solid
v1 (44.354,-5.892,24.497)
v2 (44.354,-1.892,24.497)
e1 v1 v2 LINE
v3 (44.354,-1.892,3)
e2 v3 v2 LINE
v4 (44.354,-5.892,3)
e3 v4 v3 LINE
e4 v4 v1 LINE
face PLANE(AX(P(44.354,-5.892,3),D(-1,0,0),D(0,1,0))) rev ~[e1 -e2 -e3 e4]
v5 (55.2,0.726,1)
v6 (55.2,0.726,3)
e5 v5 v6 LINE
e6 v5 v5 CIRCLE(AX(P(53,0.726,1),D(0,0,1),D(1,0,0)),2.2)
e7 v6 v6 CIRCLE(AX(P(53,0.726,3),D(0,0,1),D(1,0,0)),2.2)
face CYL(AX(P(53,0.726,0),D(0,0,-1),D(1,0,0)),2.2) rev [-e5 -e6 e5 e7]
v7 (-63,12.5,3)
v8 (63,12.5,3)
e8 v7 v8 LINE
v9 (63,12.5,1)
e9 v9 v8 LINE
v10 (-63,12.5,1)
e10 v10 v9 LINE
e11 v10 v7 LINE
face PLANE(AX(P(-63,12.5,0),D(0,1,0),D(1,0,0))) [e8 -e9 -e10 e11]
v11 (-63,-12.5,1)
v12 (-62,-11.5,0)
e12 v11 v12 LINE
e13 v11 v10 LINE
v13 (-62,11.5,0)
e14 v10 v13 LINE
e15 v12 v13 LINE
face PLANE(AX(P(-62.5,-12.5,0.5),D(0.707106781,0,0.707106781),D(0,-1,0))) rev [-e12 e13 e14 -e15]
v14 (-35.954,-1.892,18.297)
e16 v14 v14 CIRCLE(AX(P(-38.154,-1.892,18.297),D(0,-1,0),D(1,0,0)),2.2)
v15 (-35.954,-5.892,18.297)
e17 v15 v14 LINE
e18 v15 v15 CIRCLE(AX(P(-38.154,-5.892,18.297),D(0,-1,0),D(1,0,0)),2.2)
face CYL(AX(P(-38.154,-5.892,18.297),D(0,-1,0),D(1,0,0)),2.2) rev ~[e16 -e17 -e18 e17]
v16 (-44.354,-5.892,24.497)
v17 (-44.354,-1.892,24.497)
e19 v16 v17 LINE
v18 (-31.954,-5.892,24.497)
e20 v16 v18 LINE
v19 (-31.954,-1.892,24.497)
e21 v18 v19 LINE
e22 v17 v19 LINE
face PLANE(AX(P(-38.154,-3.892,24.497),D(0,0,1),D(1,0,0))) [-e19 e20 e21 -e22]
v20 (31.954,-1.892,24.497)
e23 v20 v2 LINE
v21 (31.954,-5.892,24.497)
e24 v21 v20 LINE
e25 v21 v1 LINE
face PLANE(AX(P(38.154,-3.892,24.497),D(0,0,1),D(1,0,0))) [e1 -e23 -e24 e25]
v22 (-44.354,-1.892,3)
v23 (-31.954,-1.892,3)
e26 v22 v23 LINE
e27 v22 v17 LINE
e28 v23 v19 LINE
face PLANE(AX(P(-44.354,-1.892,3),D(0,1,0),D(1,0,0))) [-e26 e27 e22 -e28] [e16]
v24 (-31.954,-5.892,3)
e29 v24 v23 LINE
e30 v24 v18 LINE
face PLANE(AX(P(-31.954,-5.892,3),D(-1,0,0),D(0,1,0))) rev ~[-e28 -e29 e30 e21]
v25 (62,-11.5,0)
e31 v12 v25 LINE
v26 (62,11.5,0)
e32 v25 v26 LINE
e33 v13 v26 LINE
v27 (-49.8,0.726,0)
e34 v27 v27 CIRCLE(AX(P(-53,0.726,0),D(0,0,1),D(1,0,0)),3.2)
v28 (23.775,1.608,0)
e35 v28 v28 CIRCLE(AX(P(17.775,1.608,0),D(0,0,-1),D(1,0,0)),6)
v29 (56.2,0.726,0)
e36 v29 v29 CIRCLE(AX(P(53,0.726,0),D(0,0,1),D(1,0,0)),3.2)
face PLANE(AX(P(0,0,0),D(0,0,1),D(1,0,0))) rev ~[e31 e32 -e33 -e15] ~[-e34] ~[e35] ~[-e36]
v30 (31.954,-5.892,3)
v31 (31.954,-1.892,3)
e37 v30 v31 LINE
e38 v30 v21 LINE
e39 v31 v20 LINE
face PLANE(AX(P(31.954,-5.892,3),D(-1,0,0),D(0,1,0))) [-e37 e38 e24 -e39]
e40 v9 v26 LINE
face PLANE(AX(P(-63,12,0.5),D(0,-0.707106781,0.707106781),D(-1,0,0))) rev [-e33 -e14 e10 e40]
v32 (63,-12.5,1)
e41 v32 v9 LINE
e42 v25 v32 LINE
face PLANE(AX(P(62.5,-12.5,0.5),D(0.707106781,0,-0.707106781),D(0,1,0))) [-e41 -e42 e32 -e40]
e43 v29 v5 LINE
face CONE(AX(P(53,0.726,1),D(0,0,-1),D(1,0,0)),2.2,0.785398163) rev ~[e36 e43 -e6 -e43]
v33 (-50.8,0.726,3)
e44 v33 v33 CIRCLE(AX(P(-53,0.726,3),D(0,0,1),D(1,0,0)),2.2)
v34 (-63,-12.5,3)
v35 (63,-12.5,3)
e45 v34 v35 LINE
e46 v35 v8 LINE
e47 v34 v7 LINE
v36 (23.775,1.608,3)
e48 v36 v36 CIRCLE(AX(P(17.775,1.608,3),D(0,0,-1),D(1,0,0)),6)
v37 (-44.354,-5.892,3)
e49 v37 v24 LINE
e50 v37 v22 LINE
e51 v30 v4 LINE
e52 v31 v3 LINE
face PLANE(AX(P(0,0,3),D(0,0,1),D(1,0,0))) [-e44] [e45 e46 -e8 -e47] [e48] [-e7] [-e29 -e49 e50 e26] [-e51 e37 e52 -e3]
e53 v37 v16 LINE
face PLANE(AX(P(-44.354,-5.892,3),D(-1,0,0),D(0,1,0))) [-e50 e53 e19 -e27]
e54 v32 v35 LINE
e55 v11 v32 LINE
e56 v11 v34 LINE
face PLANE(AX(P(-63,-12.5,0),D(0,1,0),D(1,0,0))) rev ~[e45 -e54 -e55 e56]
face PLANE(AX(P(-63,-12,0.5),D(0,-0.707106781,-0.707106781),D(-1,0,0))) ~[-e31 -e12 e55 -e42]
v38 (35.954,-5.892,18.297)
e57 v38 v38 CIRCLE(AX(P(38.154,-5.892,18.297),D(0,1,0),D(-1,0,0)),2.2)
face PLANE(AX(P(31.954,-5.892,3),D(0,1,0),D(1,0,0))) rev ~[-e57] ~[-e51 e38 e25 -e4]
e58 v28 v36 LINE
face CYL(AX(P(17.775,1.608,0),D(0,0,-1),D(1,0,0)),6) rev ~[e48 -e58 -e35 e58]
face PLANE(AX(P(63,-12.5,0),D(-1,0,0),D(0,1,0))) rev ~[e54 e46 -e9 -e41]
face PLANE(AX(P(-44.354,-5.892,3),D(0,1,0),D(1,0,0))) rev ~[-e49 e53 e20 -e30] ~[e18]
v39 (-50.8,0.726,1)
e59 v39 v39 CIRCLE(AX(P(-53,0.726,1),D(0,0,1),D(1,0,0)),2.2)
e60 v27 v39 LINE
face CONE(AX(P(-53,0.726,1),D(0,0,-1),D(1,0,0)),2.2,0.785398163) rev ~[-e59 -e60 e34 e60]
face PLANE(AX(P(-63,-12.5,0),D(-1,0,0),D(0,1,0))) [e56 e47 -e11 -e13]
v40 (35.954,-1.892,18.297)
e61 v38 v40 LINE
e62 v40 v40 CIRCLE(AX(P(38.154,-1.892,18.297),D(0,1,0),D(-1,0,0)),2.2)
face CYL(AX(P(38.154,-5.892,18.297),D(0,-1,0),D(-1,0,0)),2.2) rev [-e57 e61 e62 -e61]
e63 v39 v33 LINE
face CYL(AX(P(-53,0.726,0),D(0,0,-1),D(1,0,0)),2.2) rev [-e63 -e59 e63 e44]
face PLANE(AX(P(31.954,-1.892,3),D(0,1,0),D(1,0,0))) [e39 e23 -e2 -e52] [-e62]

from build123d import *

# Parameters (mm, degrees)
SKETCH_W        = 126
SKETCH_H        = 25
SKETCH_R        = 2.2
PAD_DEPTH       = 3
SKETCH001_W     = 12.4
SKETCH001_H     = 4
PAD001_DEPTH    = 21.497
SKETCH002_R     = 2.2
POCKET_DEPTH    = 4
CHAMFER_SIZE    = 1
SKETCH003_R     = 6
POCKET001_DEPTH = 24.498


with BuildPart() as part:
    # Sketch → Pad (new body)
    with BuildSketch(Plane.XY):
        Rectangle(SKETCH_W, SKETCH_H)
        with Locations((-53, 0.726)):
            Circle(SKETCH_R, mode=Mode.SUBTRACT)
        with Locations((53, 0.726)):
            Circle(SKETCH_R, mode=Mode.SUBTRACT)
    extrude(amount=PAD_DEPTH)

    # Sketch001 (on Face8 of Pad) → Pad001 (join)
    with BuildSketch(Plane.XY.offset(3)):
        with Locations((-38.154, -3.892)):
            Rectangle(SKETCH001_W, SKETCH001_H)
        with Locations((38.154, -3.892)):
            Rectangle(SKETCH001_W, SKETCH001_H)
    extrude(amount=PAD001_DEPTH)

    # Sketch002 (on Face11 of Pad001) → Pocket (cut)
    with BuildSketch(Plane.XZ.offset(5.892)):
        with Locations((-38.154, 18.297)):
            Circle(SKETCH002_R)
    pocket = extrude(amount=-POCKET_DEPTH, mode=Mode.SUBTRACT)

    # Mirrored: Pocket across Sketch002 V_Axis
    add(pocket.mirror(Plane(origin=(0, -5.892, 0), x_dir=(0, -1, 0), z_dir=(1, 0, 0))), mode=Mode.SUBTRACT)

    # Chamfer
    chamfer_edges = [part.edges().sort_by_distance(p)[0] for p in [
        (0, 12.5, 0),
        (63, 0, 0),
        (0, -12.5, 0),
        (-63, 0, 0),
        (50.8, 0.726, 0),
        (-55.2, 0.726, 0),
    ]]
    chamfer(chamfer_edges, length=CHAMFER_SIZE)

    # Sketch003 (on Face8 of Chamfer) → Pocket001 (cut, through all)
    with BuildSketch(Plane(origin=(0, 0, 0), x_dir=(1, 0, 0), z_dir=(0, 0, -1))):
        with Locations((17.775, -1.608)):
            Circle(SKETCH003_R)
    extrude(amount=-POCKET001_DEPTH, mode=Mode.SUBTRACT)


solid = part.part
